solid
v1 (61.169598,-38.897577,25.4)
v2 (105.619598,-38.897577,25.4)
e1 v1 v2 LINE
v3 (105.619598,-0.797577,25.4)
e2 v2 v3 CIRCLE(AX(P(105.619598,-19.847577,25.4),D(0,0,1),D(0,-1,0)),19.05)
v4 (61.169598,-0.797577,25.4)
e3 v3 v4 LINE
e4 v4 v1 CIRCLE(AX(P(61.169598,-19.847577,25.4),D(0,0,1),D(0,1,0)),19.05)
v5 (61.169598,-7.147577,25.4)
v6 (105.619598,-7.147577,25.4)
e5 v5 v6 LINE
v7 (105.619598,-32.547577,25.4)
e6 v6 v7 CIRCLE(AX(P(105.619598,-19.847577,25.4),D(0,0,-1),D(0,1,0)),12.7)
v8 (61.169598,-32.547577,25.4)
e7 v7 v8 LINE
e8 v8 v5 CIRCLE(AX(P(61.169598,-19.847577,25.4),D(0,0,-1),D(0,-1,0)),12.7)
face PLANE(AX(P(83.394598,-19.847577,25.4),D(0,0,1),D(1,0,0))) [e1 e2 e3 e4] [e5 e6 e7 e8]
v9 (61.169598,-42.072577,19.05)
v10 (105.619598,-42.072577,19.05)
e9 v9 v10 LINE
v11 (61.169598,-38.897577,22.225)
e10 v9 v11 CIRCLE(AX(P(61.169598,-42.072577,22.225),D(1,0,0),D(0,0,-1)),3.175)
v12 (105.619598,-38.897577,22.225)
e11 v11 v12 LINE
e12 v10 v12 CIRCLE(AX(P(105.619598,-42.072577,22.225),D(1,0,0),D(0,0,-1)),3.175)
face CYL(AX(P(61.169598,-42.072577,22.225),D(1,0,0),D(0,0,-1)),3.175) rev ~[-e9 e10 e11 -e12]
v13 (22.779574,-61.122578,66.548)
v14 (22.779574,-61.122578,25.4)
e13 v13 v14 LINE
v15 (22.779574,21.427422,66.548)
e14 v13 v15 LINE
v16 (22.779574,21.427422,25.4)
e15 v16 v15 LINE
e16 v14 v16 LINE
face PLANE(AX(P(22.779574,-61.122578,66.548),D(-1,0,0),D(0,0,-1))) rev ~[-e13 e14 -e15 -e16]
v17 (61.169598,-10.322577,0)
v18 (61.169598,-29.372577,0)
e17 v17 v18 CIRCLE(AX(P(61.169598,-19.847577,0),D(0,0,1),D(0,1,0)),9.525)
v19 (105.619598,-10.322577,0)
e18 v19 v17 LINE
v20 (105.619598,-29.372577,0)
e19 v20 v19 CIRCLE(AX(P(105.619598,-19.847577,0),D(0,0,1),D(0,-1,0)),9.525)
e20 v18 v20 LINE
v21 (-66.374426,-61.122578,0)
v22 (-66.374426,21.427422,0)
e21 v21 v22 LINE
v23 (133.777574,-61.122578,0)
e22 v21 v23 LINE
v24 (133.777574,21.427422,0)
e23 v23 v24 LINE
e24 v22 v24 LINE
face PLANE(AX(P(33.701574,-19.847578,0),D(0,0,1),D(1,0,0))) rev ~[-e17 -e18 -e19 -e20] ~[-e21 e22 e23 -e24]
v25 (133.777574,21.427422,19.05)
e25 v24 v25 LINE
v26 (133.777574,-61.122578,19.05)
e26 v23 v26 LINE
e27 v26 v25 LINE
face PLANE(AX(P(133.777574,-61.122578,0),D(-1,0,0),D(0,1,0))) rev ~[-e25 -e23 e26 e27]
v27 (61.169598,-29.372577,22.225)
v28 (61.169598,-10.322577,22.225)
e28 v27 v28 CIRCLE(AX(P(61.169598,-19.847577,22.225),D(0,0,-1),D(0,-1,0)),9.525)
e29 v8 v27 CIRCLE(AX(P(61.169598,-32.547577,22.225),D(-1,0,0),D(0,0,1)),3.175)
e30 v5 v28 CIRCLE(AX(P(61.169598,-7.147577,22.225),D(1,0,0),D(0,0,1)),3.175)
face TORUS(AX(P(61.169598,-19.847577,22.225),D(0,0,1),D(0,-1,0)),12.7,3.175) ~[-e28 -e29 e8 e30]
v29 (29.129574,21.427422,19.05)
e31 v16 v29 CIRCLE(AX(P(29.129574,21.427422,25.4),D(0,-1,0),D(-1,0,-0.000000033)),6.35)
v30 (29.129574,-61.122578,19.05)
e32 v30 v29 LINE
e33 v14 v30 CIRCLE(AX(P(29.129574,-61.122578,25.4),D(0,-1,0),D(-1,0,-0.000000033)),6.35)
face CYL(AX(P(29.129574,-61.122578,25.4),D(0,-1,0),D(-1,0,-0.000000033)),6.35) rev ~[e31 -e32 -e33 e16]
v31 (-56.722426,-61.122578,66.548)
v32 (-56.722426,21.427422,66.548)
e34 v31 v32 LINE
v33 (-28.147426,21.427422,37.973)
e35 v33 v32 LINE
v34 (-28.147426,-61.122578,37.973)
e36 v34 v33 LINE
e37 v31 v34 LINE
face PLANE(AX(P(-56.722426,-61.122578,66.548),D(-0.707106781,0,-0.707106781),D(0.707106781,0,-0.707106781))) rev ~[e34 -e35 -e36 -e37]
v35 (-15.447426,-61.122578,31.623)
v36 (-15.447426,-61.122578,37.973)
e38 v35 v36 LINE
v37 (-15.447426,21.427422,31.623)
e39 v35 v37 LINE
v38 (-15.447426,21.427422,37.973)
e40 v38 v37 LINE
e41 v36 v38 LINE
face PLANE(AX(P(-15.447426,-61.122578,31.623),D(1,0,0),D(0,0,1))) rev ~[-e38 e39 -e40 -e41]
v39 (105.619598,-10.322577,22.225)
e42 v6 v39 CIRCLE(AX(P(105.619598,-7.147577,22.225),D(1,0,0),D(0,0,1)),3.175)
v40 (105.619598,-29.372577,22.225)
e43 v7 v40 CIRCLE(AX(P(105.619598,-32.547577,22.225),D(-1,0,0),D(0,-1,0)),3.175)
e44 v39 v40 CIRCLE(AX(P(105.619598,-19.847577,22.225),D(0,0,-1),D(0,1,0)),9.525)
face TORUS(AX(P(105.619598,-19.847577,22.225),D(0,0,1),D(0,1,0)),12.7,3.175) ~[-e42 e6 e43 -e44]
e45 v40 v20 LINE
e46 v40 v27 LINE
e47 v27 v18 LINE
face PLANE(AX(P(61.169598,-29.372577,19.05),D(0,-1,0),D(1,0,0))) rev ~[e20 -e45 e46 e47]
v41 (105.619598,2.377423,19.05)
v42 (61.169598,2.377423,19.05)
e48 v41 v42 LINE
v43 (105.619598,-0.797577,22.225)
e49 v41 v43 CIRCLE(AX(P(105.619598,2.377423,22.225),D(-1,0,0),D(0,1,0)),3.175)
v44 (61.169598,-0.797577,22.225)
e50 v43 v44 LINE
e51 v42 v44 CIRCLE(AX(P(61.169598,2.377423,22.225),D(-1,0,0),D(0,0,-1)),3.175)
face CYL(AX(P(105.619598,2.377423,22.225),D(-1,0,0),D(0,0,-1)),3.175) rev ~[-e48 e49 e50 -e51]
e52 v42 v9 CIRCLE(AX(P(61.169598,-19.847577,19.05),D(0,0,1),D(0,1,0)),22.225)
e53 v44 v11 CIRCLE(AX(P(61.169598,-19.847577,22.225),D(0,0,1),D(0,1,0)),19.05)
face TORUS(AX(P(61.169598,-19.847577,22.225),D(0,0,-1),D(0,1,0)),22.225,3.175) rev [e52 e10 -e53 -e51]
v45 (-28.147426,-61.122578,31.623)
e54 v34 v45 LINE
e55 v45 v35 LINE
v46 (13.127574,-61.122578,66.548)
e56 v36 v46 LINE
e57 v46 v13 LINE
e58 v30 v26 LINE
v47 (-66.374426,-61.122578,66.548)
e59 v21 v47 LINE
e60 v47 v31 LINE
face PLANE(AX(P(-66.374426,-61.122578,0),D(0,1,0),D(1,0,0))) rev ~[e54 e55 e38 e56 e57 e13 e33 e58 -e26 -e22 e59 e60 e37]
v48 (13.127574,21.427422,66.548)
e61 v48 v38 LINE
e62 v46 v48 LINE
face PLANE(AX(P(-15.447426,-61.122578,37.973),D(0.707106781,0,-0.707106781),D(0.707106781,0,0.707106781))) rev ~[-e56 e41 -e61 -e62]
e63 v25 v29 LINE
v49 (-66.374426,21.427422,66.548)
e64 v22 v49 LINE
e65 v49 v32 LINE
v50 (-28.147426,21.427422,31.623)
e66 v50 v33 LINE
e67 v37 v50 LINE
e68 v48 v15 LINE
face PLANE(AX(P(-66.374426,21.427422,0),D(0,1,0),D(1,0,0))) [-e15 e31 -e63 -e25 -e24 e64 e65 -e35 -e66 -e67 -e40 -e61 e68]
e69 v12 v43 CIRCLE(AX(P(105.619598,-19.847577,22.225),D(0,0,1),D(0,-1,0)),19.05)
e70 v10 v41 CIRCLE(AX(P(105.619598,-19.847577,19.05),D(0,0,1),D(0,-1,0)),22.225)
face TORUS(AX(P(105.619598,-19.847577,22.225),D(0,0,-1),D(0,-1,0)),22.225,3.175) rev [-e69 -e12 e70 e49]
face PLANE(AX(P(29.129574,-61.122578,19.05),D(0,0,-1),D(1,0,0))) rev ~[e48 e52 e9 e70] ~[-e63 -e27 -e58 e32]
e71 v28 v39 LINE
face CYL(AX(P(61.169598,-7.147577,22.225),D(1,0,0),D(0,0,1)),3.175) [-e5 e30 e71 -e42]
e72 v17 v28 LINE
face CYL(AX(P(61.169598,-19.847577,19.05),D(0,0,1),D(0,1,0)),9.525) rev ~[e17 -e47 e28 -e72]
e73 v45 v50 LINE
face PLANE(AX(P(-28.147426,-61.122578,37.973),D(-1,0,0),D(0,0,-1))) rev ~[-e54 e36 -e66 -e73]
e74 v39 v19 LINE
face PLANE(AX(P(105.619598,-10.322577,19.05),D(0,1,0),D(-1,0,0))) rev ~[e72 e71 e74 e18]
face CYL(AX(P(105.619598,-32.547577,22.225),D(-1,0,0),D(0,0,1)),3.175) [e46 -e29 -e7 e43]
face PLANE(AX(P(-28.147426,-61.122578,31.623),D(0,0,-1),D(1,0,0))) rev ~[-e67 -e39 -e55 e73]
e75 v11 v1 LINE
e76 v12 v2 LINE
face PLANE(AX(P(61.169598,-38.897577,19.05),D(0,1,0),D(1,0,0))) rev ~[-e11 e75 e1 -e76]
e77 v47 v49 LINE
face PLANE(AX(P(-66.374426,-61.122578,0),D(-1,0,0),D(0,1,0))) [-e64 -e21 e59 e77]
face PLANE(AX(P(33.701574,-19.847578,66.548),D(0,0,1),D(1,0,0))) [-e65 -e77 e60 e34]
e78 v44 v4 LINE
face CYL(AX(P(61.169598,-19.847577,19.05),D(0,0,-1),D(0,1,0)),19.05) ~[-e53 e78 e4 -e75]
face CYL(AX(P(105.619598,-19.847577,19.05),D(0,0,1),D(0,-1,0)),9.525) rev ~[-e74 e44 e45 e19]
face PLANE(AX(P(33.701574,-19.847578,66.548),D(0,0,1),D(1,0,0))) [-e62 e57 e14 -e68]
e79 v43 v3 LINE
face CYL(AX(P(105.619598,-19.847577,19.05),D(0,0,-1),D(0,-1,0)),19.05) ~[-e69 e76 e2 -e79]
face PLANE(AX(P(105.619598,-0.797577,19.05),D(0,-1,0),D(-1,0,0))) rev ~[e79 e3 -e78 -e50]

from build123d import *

# Parameters (mm, degrees)
F0_W     = 200.152
F0_H     = 82.55
F1_DEPTH = 66.548
F3_DEPTH = 82.551
F5_DEPTH = 82.551
F7_DEPTH = 6.35
F8_DEPTH = 19.051
F9_R     = 3.175


with BuildPart() as f1:
    # F0 (on Top) → F1 (new body)
    with BuildSketch(Plane.XY):
        with Locations((33.701574, -19.847578)):
            Rectangle(F0_W, F0_H)
    extrude(amount=F1_DEPTH)

    # F2 (on face) → F3 (cut, through all)
    with BuildSketch(Plane.XZ.offset(61.122578)):
        Polygon((13.127574, 66.548), (-56.722426, 66.548), (-28.147426, 37.973), (-28.147426, 31.623), (-15.447426, 31.623), (-15.447426, 37.973), align=None)
    extrude(amount=-F3_DEPTH, mode=Mode.SUBTRACT)

    # F4 (on face) → F5 (cut, through all)
    with BuildSketch(Plane.XZ.offset(61.122578)):
        with BuildLine():
            Line((29.129574, 19.05), (133.777574, 19.05))
            Line((133.777574, 19.05), (133.777574, 66.548))
            Line((133.777574, 66.548), (22.779574, 66.548))
            Line((22.779574, 66.548), (22.779574, 25.4))
            ThreePointArc((22.779574, 25.4), (24.639446, 20.909872), (29.129574, 19.05))
        make_face()
    extrude(amount=-F5_DEPTH, mode=Mode.SUBTRACT)

    # F6 (on face) → F7 (join)
    with BuildSketch(Plane.XY.offset(19.05)):
        with BuildLine():
            Line((61.169598, -38.897577), (105.619598, -38.897577))
            ThreePointArc((105.619598, -38.897577), (124.669598, -19.847577), (105.619598, -0.797577))
            Line((105.619598, -0.797577), (61.169598, -0.797577))
            ThreePointArc((61.169598, -0.797577), (42.119598, -19.847577), (61.169598, -38.897577))
        make_face()
        with BuildLine():
            ThreePointArc((105.619598, -10.322577), (115.144598, -19.847577), (105.619598, -29.372577))
            Line((105.619598, -29.372577), (61.169598, -29.372577))
            ThreePointArc((61.169598, -29.372577), (51.644598, -19.847577), (61.169598, -10.322577))
            Line((61.169598, -10.322577), (105.619598, -10.322577))
        make_face(mode=Mode.SUBTRACT)
    extrude(amount=F7_DEPTH)

    # F7_face (on face) → F8 (cut, through all)
    with BuildSketch(Plane(origin=(83.394598, -19.847577, 19.05), x_dir=(1, 0, 0), z_dir=(0, 0, 1))):
        with BuildLine():
            ThreePointArc((-22.225, 9.525), (-31.75, 0), (-22.225, -9.525))
            Line((-22.225, -9.525), (22.225, -9.525))
            ThreePointArc((22.225, -9.525), (31.75, 0), (22.225, 9.525))
            Line((22.225, 9.525), (-22.225, 9.525))
        make_face()
    extrude(amount=-F8_DEPTH, mode=Mode.SUBTRACT)

    # F9
    f9_edges = [f1.edges().sort_by_distance(p)[0] for p in [
        (83.394598, -38.897577, 19.05),
        (42.119598, -19.847577, 19.05),
        (124.669598, -19.847577, 19.05),
        (83.394598, -10.322577, 25.4),
    ]]
    fillet(f9_edges, radius=F9_R)


solid = f1.part
